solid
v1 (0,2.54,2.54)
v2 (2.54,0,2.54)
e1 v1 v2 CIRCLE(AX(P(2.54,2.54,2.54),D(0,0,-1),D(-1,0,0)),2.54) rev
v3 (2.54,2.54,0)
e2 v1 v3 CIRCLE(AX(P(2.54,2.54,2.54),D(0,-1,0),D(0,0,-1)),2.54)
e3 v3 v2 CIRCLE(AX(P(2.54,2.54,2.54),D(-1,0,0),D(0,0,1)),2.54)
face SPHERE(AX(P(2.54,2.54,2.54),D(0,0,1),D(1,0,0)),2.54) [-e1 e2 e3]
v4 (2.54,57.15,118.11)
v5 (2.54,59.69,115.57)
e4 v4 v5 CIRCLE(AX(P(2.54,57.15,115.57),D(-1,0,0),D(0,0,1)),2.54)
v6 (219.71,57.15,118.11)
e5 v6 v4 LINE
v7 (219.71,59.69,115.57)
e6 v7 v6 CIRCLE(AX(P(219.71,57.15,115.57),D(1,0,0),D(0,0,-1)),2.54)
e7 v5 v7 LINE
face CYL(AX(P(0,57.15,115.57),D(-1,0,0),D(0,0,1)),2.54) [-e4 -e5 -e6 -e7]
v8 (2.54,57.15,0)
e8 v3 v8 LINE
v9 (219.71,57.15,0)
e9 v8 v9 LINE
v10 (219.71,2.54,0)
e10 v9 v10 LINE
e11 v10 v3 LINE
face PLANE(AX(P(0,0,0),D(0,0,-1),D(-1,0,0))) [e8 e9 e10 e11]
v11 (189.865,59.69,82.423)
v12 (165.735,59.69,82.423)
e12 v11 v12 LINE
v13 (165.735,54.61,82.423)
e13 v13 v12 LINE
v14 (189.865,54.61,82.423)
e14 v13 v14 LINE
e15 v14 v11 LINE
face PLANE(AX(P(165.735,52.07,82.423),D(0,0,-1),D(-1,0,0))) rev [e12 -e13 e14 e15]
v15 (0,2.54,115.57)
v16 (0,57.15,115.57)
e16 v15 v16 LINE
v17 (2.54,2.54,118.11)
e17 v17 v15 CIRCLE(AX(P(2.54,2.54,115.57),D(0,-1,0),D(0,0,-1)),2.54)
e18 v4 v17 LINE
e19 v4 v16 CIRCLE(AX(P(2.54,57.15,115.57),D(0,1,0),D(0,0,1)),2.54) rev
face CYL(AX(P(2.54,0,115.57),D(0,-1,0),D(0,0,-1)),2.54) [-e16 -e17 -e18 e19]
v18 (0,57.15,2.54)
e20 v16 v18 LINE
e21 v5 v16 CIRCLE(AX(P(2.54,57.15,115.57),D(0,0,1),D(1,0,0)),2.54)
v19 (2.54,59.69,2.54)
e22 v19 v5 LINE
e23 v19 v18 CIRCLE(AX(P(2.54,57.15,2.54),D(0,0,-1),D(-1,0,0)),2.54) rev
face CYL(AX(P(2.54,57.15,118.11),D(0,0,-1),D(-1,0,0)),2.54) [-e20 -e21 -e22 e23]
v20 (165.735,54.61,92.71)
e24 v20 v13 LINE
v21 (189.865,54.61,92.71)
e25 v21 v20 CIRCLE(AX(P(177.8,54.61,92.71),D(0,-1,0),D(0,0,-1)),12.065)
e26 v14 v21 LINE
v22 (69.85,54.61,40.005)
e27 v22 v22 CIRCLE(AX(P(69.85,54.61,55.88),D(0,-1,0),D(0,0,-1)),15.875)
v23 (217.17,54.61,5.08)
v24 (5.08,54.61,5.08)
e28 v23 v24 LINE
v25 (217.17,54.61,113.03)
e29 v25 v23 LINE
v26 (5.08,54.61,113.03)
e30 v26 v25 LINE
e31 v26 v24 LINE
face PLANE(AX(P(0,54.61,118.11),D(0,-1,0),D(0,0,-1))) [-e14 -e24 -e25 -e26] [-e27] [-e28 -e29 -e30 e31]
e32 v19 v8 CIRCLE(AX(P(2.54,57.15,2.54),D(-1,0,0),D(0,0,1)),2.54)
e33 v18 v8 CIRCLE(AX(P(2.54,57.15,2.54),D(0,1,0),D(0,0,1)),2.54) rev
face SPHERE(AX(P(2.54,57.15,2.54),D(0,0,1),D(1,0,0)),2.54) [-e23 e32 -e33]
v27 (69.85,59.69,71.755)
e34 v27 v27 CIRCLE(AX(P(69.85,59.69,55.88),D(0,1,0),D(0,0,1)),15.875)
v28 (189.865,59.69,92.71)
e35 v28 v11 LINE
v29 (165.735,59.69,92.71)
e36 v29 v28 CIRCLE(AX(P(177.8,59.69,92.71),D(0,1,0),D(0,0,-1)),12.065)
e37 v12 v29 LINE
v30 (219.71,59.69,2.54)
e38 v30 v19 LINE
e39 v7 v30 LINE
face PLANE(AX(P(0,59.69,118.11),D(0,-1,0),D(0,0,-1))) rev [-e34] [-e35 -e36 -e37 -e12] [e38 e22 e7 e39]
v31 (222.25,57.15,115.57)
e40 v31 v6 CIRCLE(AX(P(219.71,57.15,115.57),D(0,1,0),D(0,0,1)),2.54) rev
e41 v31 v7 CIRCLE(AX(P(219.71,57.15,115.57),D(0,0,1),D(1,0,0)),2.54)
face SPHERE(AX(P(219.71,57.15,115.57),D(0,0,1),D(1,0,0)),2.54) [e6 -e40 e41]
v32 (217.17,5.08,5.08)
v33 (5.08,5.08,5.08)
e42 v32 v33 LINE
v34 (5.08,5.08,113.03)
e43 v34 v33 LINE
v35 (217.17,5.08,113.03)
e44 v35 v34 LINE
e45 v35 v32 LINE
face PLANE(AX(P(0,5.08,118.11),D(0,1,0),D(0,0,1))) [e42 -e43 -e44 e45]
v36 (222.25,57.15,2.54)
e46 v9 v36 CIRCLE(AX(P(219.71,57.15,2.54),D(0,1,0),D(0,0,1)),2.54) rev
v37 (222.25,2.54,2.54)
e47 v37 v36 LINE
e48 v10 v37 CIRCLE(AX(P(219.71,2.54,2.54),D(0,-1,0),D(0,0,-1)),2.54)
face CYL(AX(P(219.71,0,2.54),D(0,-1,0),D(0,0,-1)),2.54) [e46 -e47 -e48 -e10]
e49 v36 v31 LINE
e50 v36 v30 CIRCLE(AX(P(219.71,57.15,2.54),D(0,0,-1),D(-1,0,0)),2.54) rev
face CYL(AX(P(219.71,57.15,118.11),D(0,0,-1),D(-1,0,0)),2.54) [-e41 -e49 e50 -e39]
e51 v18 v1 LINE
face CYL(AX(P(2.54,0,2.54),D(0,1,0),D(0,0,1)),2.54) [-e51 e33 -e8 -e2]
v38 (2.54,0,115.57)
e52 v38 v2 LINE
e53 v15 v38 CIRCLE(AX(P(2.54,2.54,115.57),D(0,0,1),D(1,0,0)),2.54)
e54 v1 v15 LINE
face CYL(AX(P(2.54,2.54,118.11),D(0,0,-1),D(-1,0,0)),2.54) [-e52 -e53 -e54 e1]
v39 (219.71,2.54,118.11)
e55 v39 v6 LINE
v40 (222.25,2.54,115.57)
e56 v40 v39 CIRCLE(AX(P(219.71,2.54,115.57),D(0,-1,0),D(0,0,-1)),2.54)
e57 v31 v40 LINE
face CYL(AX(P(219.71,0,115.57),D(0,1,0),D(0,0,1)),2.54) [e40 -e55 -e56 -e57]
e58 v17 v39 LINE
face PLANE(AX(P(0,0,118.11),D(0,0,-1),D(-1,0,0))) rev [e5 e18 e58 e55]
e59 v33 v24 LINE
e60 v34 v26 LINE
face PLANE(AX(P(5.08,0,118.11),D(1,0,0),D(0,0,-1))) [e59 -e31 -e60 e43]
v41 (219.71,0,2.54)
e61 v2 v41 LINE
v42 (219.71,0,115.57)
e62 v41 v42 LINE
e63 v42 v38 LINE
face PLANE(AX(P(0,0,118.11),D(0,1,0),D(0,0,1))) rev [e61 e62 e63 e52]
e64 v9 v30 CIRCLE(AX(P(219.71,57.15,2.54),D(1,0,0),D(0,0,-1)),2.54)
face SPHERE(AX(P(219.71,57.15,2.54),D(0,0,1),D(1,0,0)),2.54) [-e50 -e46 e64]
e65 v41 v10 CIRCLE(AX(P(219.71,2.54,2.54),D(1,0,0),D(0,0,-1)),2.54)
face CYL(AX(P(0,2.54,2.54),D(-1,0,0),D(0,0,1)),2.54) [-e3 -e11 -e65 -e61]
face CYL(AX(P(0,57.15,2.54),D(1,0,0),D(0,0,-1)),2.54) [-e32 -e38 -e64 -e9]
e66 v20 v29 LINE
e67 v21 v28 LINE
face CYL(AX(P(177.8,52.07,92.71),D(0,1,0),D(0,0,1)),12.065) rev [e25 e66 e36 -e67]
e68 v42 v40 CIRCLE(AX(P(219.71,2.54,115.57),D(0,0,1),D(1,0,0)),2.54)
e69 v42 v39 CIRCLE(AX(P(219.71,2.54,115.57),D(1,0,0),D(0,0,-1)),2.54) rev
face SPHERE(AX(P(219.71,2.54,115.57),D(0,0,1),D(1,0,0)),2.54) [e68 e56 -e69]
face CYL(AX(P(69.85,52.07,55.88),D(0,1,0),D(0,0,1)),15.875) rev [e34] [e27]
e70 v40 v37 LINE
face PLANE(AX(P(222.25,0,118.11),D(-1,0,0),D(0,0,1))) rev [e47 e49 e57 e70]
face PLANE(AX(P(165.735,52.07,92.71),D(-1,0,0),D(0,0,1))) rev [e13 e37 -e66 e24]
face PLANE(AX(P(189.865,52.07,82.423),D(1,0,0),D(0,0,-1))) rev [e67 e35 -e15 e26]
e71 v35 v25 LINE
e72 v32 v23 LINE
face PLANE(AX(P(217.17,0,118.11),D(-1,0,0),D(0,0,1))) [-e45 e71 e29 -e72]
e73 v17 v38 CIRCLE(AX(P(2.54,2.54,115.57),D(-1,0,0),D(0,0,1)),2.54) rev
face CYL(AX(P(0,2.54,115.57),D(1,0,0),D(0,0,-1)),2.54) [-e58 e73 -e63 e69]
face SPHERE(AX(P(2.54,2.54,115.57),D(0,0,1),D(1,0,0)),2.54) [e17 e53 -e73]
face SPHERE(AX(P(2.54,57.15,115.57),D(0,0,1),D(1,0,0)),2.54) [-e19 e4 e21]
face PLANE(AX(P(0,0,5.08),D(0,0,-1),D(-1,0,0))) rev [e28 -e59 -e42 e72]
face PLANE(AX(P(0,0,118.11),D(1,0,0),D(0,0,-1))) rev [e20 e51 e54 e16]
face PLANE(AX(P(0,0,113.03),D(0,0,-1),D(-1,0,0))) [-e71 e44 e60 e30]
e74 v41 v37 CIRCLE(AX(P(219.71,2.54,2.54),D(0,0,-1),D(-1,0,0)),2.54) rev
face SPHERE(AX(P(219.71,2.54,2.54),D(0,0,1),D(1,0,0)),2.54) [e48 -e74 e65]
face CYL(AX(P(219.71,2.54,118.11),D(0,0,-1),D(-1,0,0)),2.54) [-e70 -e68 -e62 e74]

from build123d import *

# Parameters (mm, degrees)
SKETCH1_W           = 222.25
SKETCH1_H           = 59.69
BOSS_EXTRUDE1_DEPTH = 118.11
FILLET1_R           = 2.54
SHELL1_T            = 5.08
SKETCH2_R           = 15.875
CUT_EXTRUDE1_DEPTH  = 7.62


with BuildPart() as part:
    # Sketch1 → Boss-Extrude1 (new body)
    with BuildSketch(Plane.XY):
        with Locations((111.125, 29.845)):
            Rectangle(SKETCH1_W, SKETCH1_H)
    extrude(amount=BOSS_EXTRUDE1_DEPTH)

    # Fillet1
    fillet1_edges = [part.edges().sort_by_distance(p)[0] for p in [
        (222.25, 29.845, 118.11),
        (111.125, 59.69, 118.11),
        (0, 29.845, 118.11),
        (111.125, 59.69, 0),
        (222.25, 29.845, 0),
        (111.125, 0, 0),
        (0, 29.845, 0),
        (111.125, 0, 118.11),
        (0, 59.69, 59.055),
        (222.25, 59.69, 59.055),
        (222.25, 0, 59.055),
        (0, 0, 59.055),
    ]]
    fillet(fillet1_edges, radius=FILLET1_R)

    # Shell1 (no face opened: a closed hollow body)
    add(offset(amount=-SHELL1_T, mode=Mode.PRIVATE), mode=Mode.SUBTRACT)

    # Sketch2 → Cut-Extrude1 (cut)
    with BuildSketch(Plane(origin=(0, 59.69, 0), x_dir=(1, 0, 0), z_dir=(0, 1, 0))):
        with Locations(Location((69.85, -55.88, 0), (0, 0, 270))):  # turned: the seam where the file's is
            Circle(SKETCH2_R)
        with BuildLine():
            Line((165.735, -82.423), (189.865, -82.423))
            Line((189.865, -82.423), (189.865, -92.71))
            ThreePointArc((189.865, -92.71), (177.8, -104.775), (165.735, -92.71))
            Line((165.735, -92.71), (165.735, -82.423))
        make_face()
    extrude(amount=-CUT_EXTRUDE1_DEPTH, mode=Mode.SUBTRACT)


solid = part.part
